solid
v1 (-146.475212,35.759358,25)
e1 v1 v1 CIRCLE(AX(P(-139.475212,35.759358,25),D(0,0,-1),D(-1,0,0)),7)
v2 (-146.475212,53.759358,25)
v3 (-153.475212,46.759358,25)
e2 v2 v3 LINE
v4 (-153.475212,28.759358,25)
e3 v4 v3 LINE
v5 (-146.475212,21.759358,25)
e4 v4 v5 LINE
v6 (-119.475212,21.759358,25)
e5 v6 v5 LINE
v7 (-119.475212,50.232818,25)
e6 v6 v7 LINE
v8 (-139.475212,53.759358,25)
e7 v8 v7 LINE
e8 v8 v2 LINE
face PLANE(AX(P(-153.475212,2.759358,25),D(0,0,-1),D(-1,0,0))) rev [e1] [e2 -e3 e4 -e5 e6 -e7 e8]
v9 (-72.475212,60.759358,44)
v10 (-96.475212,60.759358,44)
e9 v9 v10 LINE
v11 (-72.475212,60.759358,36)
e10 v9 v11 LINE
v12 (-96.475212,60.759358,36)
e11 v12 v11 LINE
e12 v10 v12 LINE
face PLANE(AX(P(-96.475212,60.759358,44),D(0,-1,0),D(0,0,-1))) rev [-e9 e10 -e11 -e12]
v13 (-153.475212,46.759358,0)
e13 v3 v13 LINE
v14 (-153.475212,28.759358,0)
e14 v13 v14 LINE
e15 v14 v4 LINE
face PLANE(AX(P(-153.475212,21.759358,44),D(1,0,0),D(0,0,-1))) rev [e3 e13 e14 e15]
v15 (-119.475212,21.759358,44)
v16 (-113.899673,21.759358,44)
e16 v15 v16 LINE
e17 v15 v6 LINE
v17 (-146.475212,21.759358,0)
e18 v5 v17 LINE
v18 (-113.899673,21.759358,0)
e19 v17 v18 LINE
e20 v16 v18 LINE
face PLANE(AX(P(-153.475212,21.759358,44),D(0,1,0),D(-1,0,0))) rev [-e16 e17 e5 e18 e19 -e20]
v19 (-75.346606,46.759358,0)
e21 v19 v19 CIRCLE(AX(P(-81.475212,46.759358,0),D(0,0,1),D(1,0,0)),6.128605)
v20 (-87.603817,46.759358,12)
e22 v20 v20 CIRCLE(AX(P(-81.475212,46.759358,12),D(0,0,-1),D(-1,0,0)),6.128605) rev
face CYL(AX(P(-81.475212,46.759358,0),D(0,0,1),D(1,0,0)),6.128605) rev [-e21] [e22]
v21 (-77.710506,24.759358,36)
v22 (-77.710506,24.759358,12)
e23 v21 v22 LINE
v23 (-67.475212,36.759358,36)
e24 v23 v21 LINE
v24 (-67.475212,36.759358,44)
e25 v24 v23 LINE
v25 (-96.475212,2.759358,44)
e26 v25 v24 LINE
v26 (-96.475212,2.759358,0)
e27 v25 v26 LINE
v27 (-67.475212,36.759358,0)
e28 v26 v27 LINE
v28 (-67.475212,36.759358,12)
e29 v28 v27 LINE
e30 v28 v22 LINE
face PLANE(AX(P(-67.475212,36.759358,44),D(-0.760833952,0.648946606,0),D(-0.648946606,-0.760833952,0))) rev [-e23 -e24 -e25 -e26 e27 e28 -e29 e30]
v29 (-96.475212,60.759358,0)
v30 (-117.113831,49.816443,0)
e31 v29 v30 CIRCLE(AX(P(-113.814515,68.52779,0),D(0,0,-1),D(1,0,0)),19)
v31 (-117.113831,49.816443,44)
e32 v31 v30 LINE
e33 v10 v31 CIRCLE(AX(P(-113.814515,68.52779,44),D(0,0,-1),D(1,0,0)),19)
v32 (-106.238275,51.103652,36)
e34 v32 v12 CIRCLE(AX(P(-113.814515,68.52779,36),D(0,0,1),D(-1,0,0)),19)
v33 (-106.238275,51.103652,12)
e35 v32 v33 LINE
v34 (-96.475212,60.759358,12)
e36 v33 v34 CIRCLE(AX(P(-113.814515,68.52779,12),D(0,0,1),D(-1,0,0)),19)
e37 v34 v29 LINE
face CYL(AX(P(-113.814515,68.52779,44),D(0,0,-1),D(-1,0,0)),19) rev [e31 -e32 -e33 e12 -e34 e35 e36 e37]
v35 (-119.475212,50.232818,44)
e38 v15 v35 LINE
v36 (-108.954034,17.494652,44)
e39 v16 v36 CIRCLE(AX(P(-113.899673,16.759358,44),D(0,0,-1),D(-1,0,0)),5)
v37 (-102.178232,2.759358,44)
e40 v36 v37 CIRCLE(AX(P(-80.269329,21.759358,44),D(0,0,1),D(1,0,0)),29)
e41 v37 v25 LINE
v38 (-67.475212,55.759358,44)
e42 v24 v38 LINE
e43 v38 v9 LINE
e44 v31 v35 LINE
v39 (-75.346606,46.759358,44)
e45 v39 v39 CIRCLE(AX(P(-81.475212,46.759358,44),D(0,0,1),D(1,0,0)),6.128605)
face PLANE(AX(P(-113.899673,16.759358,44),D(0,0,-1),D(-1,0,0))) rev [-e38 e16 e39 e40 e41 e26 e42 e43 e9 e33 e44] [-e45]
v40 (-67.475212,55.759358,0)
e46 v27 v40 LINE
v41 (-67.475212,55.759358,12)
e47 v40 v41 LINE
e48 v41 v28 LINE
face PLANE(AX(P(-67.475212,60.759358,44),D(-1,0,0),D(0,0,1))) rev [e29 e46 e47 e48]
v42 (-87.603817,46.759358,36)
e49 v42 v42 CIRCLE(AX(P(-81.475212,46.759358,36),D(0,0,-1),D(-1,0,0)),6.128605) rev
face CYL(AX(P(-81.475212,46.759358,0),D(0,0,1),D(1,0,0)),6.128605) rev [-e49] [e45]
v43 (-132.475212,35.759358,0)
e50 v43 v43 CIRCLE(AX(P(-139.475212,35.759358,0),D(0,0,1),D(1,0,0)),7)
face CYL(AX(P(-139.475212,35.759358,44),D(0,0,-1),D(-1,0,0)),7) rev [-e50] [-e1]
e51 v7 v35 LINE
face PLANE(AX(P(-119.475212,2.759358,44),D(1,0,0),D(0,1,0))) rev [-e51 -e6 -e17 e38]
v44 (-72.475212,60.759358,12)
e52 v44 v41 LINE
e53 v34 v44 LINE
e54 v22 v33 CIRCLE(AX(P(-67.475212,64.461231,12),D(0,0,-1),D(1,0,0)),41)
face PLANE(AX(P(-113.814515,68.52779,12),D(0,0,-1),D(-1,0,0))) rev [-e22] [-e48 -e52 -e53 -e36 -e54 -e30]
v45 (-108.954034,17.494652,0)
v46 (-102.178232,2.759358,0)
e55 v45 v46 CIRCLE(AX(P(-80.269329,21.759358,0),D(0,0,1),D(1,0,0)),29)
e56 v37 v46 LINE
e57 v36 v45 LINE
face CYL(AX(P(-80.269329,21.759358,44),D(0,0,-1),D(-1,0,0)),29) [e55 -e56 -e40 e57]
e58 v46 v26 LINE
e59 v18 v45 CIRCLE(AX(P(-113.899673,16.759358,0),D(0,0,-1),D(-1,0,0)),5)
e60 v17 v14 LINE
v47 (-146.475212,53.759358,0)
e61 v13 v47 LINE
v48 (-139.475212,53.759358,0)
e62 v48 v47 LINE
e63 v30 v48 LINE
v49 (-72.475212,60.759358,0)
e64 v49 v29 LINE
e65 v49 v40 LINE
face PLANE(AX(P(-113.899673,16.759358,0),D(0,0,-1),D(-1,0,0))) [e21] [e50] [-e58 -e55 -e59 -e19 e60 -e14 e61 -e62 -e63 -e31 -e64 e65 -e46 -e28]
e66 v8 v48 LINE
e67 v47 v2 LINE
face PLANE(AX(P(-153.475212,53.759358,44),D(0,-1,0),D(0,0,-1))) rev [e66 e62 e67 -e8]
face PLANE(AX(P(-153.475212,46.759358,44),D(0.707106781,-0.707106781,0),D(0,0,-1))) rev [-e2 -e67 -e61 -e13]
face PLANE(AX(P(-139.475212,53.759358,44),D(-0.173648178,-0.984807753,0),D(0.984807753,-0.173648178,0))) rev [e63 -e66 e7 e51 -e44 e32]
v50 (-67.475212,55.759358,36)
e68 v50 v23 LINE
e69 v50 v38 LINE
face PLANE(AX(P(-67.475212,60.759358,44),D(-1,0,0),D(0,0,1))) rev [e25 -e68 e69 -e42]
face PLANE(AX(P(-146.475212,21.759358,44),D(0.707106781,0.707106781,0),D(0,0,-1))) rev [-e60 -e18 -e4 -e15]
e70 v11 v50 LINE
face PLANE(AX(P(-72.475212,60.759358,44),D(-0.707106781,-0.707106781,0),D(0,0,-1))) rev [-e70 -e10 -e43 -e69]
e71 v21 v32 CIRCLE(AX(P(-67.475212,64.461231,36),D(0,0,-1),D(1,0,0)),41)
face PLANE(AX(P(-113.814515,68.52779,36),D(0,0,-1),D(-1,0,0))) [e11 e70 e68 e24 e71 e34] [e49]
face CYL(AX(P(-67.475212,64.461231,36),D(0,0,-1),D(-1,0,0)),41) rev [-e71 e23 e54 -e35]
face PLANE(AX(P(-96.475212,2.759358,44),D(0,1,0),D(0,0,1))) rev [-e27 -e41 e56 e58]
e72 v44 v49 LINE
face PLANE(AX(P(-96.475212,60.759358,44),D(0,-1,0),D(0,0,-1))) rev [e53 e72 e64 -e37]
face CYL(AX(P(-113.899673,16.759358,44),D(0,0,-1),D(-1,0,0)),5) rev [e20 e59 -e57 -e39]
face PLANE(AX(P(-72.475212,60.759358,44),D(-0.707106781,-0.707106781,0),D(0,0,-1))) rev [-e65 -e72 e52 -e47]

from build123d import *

# Parameters (mm, degrees)
BOSS_EXTRUDE1_DEPTH = 44
SKETCH5_R           = 7
CUT_EXTRUDE1_DEPTH  = 171.828393793
CHAMFER1_SIZE       = 7
CHAMFER2_SIZE       = 7
CHAMFER3_SIZE       = 5
SKETCH8_R           = 6.128605104
CUT_EXTRUDE2_DEPTH  = 171.828393793
SKETCH9_W           = 34
SKETCH9_H           = 19
CUT_EXTRUDE3_DEPTH  = 168.605610181
CUT_EXTRUDE4_START  = -12
CUT_EXTRUDE4_DEPTH  = 24


with BuildPart() as part:
    # Sketch4 → Boss-Extrude1 (new body)
    with BuildSketch(Plane.XY):
        with BuildLine():
            Line((-153.475211562, 21.759357812), (-153.475211562, 53.759357812))
            Line((-153.475211562, 53.759357812), (-139.475211562, 53.759357812))
            Line((-139.475211562, 53.759357812), (-117.113830726, 49.816443045))
            ThreePointArc((-117.113830726, 49.816443045), (-104.914112856, 51.741401954), (-96.475211562, 60.759357812))
            Line((-96.475211562, 60.759357812), (-67.475211562, 60.759357812))
            Line((-67.475211562, 60.759357812), (-67.475211562, 36.759357812))
            Line((-67.475211562, 36.759357812), (-96.475211562, 2.759357812))
            Line((-96.475211562, 2.759357812), (-102.178231509, 2.759357812))
            ThreePointArc((-102.178231509, 2.759357812), (-106.617203706, 9.643685751), (-108.954033909, 17.49465193))
            ThreePointArc((-108.954033909, 17.49465193), (-110.63443687, 20.545944044), (-113.899672651, 21.759357812))
            Line((-113.899672651, 21.759357812), (-153.475211562, 21.759357812))
        make_face()
    extrude(amount=BOSS_EXTRUDE1_DEPTH)

    # Sketch5 → Cut-Extrude1 (cut, through all)
    with BuildSketch(Plane.XY):
        with Locations((-139.475211562, 35.759357812)):
            Circle(SKETCH5_R)
    extrude(amount=CUT_EXTRUDE1_DEPTH, mode=Mode.SUBTRACT)

    # Chamfer1
    chamfer1_edges = [part.edges().sort_by_distance(p)[0] for p in [
        (-153.475211562, 53.759357812, 22),
    ]]
    chamfer(chamfer1_edges, length=CHAMFER1_SIZE)

    # Chamfer2
    chamfer2_edges = [part.edges().sort_by_distance(p)[0] for p in [
        (-153.475211562, 21.759357812, 22),
    ]]
    chamfer(chamfer2_edges, length=CHAMFER2_SIZE)

    # Chamfer3
    chamfer3_edges = [part.edges().sort_by_distance(p)[0] for p in [
        (-67.475211562, 60.759357812, 22),
    ]]
    chamfer(chamfer3_edges, length=CHAMFER3_SIZE)

    # Sketch8 → Cut-Extrude2 (cut, through all)
    with BuildSketch(Plane.XY.offset(44)):
        with Locations((-81.475211562, 46.759357812)):
            Circle(SKETCH8_R)
    extrude(amount=-CUT_EXTRUDE2_DEPTH, mode=Mode.SUBTRACT)

    # Sketch9 → Cut-Extrude3 (cut, through all)
    with BuildSketch(Plane(origin=(0, 53.759357812, 0), x_dir=(1, 0, 0), z_dir=(0, 1, 0))):
        with Locations((-136.475211562, -34.5)):
            Rectangle(SKETCH9_W, SKETCH9_H)
    extrude(amount=-CUT_EXTRUDE3_DEPTH, mode=Mode.SUBTRACT)

    # Sketch10 → Cut-Extrude4 (cut)
    with BuildSketch(Plane(origin=(0, 0, 0), x_dir=(-1, 0, 0), z_dir=(0, 0, -1)).offset(CUT_EXTRUDE4_START)):
        with BuildLine():
            Line((77.71050568, 24.759357812), (67.475211562, 36.759357812))
            Line((67.475211562, 36.759357812), (67.475211562, 55.759357812))
            Line((67.475211562, 55.759357812), (72.475211562, 60.759357812))
            Line((72.475211562, 60.759357812), (96.475211562, 60.759357812))
            ThreePointArc((96.475211562, 60.759357812), (100.453967219, 55.018691433), (106.238275013, 51.103652429))
            ThreePointArc((106.238275013, 51.103652429), (95.290948579, 34.340063041), (77.71050568, 24.759357812))
        make_face()
    extrude(amount=-CUT_EXTRUDE4_DEPTH, mode=Mode.SUBTRACT)


solid = part.part
